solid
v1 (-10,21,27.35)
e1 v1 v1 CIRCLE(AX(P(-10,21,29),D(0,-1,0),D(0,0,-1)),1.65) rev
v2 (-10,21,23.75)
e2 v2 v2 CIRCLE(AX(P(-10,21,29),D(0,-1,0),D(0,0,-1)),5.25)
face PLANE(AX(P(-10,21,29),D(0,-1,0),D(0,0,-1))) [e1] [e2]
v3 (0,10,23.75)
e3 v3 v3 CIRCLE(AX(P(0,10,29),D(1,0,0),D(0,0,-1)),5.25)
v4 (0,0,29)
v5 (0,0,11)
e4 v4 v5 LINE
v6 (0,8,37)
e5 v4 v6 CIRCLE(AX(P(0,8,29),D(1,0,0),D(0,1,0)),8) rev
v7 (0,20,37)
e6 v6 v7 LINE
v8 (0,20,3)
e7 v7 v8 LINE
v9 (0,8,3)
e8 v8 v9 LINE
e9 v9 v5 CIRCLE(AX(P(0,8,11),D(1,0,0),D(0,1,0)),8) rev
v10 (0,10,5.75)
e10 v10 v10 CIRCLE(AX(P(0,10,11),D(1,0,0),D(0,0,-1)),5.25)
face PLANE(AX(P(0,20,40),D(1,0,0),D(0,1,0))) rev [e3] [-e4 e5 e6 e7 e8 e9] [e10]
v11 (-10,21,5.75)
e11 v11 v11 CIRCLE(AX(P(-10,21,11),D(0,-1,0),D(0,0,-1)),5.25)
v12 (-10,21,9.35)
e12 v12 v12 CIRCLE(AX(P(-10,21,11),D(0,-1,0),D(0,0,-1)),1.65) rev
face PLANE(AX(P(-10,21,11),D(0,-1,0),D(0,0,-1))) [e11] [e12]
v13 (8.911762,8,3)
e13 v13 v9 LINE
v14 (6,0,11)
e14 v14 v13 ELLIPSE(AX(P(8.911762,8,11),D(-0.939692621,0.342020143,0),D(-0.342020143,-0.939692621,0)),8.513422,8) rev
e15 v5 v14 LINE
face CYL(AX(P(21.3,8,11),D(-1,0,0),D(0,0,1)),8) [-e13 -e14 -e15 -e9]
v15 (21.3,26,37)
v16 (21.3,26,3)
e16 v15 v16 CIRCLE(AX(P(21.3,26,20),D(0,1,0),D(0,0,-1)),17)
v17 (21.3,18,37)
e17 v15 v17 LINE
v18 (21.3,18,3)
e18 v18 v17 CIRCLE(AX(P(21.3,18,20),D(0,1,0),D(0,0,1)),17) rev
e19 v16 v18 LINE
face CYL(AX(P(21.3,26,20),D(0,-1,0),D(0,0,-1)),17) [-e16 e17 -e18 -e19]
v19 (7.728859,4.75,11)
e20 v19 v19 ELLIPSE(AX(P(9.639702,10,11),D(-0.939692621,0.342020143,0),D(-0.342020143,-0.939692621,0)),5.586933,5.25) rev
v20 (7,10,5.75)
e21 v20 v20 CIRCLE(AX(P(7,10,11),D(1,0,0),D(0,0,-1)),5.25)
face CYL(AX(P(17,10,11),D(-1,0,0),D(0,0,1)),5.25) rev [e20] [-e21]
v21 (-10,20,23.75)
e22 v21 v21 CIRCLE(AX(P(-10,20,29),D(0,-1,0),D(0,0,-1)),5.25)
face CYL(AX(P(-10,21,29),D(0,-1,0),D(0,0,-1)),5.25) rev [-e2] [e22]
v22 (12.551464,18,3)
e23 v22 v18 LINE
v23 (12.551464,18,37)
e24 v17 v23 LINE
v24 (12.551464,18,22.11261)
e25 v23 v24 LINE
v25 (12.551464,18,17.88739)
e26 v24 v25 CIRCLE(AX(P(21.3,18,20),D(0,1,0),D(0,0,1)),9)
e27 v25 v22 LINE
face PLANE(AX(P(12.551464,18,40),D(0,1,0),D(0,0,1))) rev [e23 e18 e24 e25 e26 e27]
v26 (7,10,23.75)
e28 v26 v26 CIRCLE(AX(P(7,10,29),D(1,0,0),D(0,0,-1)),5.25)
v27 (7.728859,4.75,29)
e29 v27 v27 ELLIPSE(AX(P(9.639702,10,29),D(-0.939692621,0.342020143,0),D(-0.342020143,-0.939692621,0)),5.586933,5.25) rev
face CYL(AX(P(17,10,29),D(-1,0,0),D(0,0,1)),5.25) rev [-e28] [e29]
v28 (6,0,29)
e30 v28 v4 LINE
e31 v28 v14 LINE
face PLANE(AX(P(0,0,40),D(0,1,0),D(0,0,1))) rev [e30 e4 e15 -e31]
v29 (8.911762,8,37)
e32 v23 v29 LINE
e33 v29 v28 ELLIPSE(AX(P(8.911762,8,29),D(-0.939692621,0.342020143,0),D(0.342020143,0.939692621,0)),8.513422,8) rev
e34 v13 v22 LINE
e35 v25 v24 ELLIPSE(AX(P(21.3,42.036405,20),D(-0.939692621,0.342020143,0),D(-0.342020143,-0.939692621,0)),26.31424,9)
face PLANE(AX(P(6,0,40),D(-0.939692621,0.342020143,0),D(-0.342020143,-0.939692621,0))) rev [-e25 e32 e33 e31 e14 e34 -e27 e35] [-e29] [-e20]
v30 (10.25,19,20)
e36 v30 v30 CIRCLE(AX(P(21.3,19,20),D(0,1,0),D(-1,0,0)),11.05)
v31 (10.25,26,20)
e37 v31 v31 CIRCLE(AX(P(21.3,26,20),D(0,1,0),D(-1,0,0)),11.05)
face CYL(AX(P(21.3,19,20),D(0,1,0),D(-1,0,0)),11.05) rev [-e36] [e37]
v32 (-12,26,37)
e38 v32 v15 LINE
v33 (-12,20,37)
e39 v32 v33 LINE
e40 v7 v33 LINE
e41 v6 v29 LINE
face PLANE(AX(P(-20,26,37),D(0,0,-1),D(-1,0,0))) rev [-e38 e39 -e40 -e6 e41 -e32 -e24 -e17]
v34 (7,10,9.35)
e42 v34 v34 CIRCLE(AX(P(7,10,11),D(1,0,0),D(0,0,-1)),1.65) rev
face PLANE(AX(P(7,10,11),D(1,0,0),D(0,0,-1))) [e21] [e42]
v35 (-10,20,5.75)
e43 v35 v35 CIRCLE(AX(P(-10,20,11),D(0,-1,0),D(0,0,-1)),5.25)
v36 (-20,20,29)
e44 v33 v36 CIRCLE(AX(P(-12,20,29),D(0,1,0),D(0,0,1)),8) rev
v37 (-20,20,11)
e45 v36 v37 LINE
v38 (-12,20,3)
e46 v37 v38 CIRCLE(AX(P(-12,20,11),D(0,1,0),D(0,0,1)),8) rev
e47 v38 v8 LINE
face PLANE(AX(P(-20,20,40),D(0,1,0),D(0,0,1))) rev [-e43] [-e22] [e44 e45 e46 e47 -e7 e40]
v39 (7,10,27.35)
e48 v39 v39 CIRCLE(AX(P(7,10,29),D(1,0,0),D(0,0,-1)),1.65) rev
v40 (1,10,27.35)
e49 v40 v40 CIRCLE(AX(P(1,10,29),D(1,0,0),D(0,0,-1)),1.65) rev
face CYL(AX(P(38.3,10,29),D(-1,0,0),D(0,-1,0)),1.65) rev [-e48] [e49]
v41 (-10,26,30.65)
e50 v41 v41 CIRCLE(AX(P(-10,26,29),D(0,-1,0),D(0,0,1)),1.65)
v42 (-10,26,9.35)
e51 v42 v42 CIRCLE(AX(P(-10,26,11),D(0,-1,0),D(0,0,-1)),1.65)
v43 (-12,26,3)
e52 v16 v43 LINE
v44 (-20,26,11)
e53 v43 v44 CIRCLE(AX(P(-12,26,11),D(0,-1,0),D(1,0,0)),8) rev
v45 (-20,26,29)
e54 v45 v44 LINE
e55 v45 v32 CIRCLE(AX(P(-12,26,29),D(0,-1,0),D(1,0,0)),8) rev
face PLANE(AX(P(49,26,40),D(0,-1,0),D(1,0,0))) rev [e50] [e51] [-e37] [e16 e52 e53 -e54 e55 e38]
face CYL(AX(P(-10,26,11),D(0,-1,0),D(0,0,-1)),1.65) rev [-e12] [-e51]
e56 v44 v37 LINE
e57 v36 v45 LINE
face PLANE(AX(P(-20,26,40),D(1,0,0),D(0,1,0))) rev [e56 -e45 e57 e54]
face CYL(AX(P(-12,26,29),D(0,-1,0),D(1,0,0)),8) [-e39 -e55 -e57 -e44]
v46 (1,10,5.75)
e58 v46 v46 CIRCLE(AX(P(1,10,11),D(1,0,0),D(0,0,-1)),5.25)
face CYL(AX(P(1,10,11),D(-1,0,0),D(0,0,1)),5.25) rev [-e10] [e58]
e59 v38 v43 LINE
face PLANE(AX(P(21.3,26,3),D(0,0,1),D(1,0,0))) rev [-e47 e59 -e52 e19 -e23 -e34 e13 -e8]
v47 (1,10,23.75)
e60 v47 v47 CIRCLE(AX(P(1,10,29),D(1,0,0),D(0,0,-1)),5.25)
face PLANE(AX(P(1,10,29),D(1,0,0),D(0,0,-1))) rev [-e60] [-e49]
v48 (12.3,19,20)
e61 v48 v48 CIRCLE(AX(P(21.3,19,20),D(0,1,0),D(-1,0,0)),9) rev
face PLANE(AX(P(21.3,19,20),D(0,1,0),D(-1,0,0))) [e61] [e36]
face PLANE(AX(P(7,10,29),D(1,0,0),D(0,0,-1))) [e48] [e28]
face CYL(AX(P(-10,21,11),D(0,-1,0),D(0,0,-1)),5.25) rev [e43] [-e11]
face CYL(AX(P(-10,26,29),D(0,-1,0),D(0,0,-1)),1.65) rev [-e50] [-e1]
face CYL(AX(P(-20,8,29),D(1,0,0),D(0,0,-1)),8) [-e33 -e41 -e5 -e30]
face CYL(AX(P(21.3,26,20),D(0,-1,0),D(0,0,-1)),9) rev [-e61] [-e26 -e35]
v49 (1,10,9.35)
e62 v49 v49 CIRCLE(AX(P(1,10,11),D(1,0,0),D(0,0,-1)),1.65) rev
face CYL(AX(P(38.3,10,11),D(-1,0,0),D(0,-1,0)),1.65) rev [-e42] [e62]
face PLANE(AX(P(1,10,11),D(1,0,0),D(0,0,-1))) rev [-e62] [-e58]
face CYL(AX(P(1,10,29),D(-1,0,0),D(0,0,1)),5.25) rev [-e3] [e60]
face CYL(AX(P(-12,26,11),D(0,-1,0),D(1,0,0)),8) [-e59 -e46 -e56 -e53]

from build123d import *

# Parameters (mm, degrees)
RESSALTO_EXTRUS_O1_DEPTH   = 40
ESBO_O2_R                  = 1.65
ESBO_O2_R_2                = 9
CORTE_EXTRUS_O1_DEPTH      = 19
CORTE_EXTRUS_O1_DEPTH_BACK = 9
ESBO_O3_R                  = 1.65
CORTE_EXTRUS_O2_DEPTH      = 39.3
ESBO_O4_R                  = 11.05
CORTE_EXTRUS_O3_DEPTH      = 7
CORTE_EXTRUS_O5_START      = 7
ESBO_O7_R                  = 5.25
CORTE_EXTRUS_O5_DEPTH      = 10
FILETE1_R                  = 8
ESBO_O8_R                  = 5.25
CORTE_EXTRUS_O6_DEPTH      = 1
ESBO_O7_2_R                = 5.25
CORTE_EXTRUS_O7_DEPTH      = 1


with BuildPart() as part:
    # Esboço1 → Ressalto-extrusão1 (new body)
    with BuildSketch(Plane.XY):
        Polygon((0, 0), (6, 0), (12.551464217, 18), (49, 18), (49, 26), (-20, 26), (-20, 20), (0, 20), align=None)
    extrude(amount=RESSALTO_EXTRUS_O1_DEPTH)

    # Esboço2 → Corte-extrusão1 (cut, two sides)
    with BuildSketch(Plane.XZ.offset(-18)) as corte_extrus_o1_sk:
        with Locations((-10, 11)):
            Circle(ESBO_O2_R)
        with Locations((21.3, 20)):
            Circle(ESBO_O2_R_2)
        with Locations((-10, 29)):
            Circle(ESBO_O2_R)
        with BuildLine():
            Line((21.3, 3), (-20, 3))
            Line((-20, 3), (-20, 0))
            Line((-20, 0), (49, 0))
            Line((49, 0), (49, 40))
            Line((49, 40), (-20, 40))
            Line((-20, 40), (-20, 37))
            Line((-20, 37), (21.3, 37))
            ThreePointArc((21.3, 37), (38.3, 20), (21.3, 3))
        make_face()
    extrude(amount=CORTE_EXTRUS_O1_DEPTH, mode=Mode.SUBTRACT)
    extrude(corte_extrus_o1_sk.sketch, amount=-CORTE_EXTRUS_O1_DEPTH_BACK, mode=Mode.SUBTRACT)

    # Esboço3 → Corte-extrusão2 (cut, through all)
    with BuildSketch(Plane.ZY):
        with Locations((29, 10)):
            Circle(ESBO_O3_R)
        with Locations((11, 10)):
            Circle(ESBO_O3_R)
    extrude(amount=-CORTE_EXTRUS_O2_DEPTH, mode=Mode.SUBTRACT)

    # Esboço4 → Corte-extrusão3 (cut)
    with BuildSketch(Plane(origin=(0, 26, 0), x_dir=(1, 0, 0), z_dir=(0, 1, 0))):
        with Locations((21.3, -20)):
            Circle(ESBO_O4_R)
    extrude(amount=-CORTE_EXTRUS_O3_DEPTH, mode=Mode.SUBTRACT)

    # Esboço7 → Corte-extrusão5 (cut)
    with BuildSketch(Plane(origin=(0, 0, 0), x_dir=(0, 0, -1), z_dir=(1, 0, 0)).offset(CORTE_EXTRUS_O5_START)):
        with Locations((-29, 10)):
            Circle(ESBO_O7_R)
        with Locations((-11, 10)):
            Circle(ESBO_O7_R)
    extrude(amount=CORTE_EXTRUS_O5_DEPTH, mode=Mode.SUBTRACT)

    # Filete1
    filete1_edges = [part.edges().sort_by_distance(p)[0] for p in [
        (-20, 23, 3),
        (-20, 23, 37),
        (3, 0, 37),
        (3, 0, 3),
    ]]
    fillet(filete1_edges, radius=FILETE1_R)

    # Esboço8 → Corte-extrusão6 (cut)
    with BuildSketch(Plane.XZ.offset(-20)):
        with Locations((-10, 11)):
            Circle(ESBO_O8_R)
        with Locations((-10, 29)):
            Circle(ESBO_O8_R)
    extrude(amount=-CORTE_EXTRUS_O6_DEPTH, mode=Mode.SUBTRACT)

    # Esboço7<2> → Corte-extrusão7 (cut)
    with BuildSketch(Plane(origin=(0, 0, 0), x_dir=(0, 0, -1), z_dir=(1, 0, 0))):
        with Locations((-29, 10)):
            Circle(ESBO_O7_2_R)
        with Locations((-11, 10)):
            Circle(ESBO_O7_2_R)
    extrude(amount=CORTE_EXTRUS_O7_DEPTH, mode=Mode.SUBTRACT)


solid = part.part
